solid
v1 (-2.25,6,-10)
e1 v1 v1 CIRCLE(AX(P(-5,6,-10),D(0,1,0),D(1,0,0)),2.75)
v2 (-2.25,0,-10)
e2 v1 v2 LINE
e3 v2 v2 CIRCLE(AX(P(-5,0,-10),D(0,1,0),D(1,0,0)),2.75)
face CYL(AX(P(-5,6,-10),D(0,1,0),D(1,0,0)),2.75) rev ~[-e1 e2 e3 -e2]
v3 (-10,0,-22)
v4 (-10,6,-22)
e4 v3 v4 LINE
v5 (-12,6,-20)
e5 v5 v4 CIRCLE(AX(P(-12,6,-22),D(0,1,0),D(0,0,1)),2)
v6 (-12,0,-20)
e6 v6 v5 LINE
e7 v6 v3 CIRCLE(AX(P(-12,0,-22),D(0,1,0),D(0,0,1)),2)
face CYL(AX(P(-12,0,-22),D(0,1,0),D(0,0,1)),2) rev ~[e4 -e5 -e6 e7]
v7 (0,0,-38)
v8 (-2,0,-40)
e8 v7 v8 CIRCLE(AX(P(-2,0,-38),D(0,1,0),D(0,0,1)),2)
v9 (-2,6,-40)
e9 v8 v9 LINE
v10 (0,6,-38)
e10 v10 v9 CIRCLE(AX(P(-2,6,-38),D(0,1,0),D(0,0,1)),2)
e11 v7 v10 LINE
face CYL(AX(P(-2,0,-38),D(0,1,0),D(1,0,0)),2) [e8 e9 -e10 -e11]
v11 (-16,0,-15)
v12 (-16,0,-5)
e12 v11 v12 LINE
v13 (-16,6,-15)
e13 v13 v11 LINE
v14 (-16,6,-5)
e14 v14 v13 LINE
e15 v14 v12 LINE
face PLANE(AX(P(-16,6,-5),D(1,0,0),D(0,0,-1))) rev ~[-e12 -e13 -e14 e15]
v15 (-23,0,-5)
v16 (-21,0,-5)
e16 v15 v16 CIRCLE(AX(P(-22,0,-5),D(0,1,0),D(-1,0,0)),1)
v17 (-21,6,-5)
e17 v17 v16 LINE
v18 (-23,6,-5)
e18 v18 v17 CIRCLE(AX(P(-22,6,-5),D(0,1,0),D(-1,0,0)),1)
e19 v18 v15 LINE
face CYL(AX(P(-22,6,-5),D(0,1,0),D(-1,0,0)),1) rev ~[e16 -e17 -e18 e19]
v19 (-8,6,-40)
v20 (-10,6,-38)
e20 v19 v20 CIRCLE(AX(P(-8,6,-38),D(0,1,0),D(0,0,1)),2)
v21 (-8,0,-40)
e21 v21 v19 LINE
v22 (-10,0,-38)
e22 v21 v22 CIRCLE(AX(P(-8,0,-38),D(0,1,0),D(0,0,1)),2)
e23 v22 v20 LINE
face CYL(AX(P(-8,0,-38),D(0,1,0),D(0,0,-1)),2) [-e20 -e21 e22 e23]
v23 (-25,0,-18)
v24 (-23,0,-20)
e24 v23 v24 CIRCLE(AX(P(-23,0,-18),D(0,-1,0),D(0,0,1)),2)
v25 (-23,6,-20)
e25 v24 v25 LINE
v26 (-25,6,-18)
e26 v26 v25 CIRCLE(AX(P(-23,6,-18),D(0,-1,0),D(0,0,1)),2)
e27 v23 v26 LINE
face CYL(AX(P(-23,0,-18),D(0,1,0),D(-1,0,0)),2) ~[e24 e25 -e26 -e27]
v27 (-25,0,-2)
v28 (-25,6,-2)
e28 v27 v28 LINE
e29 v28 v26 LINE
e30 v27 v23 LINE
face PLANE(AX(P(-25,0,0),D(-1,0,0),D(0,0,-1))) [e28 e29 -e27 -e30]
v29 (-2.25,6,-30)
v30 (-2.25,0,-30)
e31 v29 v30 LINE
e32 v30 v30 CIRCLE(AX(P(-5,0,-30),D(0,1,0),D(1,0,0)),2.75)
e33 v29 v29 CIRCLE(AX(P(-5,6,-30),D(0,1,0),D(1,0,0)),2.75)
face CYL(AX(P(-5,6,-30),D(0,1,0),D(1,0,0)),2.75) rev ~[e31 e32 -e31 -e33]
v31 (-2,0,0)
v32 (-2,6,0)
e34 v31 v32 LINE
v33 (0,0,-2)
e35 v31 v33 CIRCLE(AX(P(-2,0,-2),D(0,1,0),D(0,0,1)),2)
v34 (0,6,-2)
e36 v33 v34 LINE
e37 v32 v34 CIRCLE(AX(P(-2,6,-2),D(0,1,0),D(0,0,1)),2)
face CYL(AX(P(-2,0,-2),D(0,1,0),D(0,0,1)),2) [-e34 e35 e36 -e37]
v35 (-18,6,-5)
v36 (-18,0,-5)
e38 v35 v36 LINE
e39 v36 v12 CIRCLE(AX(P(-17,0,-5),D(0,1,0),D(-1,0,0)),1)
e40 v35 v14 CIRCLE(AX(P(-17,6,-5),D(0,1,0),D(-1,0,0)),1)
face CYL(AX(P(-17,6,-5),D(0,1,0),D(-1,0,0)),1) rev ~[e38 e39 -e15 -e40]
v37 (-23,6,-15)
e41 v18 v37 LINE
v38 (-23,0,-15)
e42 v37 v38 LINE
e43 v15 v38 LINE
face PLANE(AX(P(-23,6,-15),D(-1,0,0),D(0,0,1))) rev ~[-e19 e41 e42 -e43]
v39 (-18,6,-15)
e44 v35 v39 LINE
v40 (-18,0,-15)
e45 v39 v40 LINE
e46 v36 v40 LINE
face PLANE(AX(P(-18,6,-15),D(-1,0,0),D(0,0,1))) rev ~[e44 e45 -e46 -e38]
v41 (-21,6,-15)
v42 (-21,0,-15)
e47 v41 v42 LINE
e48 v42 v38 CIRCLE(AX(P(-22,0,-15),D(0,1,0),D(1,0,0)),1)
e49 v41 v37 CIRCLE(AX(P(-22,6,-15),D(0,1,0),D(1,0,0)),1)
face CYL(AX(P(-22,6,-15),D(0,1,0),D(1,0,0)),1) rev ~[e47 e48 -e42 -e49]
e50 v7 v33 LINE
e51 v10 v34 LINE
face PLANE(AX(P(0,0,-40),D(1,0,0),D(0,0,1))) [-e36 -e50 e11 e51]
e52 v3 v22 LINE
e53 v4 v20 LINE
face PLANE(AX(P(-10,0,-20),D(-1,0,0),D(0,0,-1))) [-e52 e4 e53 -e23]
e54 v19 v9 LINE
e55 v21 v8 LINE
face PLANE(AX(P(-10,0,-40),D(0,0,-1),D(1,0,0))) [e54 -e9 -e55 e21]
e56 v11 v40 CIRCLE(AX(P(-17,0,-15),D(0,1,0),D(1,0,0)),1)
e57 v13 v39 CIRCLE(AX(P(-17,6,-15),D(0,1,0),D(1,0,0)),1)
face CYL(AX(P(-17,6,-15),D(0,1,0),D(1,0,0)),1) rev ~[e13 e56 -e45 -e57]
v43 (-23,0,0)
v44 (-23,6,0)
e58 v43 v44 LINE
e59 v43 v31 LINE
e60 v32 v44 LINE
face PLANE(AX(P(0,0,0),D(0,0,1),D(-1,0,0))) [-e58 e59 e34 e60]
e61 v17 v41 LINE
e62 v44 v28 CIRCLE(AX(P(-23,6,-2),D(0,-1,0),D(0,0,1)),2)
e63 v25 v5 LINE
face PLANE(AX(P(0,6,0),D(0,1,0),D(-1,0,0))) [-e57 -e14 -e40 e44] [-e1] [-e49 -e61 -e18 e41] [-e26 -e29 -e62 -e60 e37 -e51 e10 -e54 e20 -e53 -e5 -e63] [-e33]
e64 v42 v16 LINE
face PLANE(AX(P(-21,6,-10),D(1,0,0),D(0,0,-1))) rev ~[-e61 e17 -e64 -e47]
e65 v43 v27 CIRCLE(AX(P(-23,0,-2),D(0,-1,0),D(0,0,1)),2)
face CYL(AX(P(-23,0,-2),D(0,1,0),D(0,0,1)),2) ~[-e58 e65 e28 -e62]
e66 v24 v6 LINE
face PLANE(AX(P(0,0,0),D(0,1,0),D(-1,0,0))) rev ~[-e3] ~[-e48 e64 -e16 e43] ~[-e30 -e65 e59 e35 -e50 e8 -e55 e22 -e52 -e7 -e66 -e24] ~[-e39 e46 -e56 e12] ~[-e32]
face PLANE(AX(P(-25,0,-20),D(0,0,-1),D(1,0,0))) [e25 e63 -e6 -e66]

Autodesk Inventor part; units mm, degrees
ref_plane "YZ Plane" through (0, 0, 0) normal (1, 0, 0) x (0, 1, 0)
ref_plane "XZ Plane" through (0, 0, 0) normal (0, 1, 0) x (-1, 0, 0)
ref_plane "XY Plane" through (0, 0, 0) normal (0, 0, 1) x (1, 0, 0)
sketch "Sketch1" plane through (0, 0, 0) normal (0, 1, 0) x (-1, 0, 0)
  line L0 (0, 0) -> (10, 0)
  line L1 (10, 0) -> (10, -40)
  line L2 (10, -40) -> (0, -40)
  line L3 (0, -40) -> (0, 0)
  line L4 (10, 0) -> (25, 0)
  line L5 (25, 0) -> (25, -20)
  line L6 (25, -20) -> (10, -20)
  line L7 (10, -20) -> (10, 0)
  dimension "d0" = 10
  dimension "d1" = 40
  dimension "d2" = 15
  dimension "d3" = 20
extrude "Extrusion1" add sketch "Sketch1" along normal blind 6
sketch "Sketch2" plane through (0, 6, 0) normal (0, 1, 0) x (1, 0, 0)
  circle A0 centre (-5, 10) radius 2.75
  line L0 (0, 0) -> (0, 40) projected
  line L1 (-25, 0) -> (0, 0) projected
  circle A1 centre (-5, 30) radius 2.75
  line L2 (-25, 20) -> (-25, 0) projected
  line L3 (-25, 10) -> (-22, 10)
  line L4 (-22, 10) -> (-17, 10)
  line L5 (-22, 5) -> (-22, 15) construction
  line L6 (-21, 5) -> (-21, 15)
  line L7 (-23, 15) -> (-23, 5)
  arc A2 (-23, 5) -> (-21, 5) centre (-22, 5) ccw
  arc A3 (-21, 15) -> (-23, 15) centre (-22, 15) ccw
  line L8 (-17, 5) -> (-17, 15) construction
  line L9 (-16, 5) -> (-16, 15)
  line L10 (-18, 15) -> (-18, 5)
  arc A4 (-18, 5) -> (-16, 5) centre (-17, 5) ccw
  arc A5 (-16, 15) -> (-18, 15) centre (-17, 15) ccw
  line L11 (-17, 10) -> (-7, 10) construction
  dimension "d6" = 5.5
  dimension "d7" = 5
  dimension "d8" = 10
  dimension "d9" = 5.5
  dimension "d10" = 5
  dimension "d11" = 20
  dimension "d12" = 3
  dimension "d13" = 5
  dimension "d14" = 5
  dimension "d15" = 2
  dimension "d16" = 5
  dimension "d17" = 90
  dimension "d18" = 2
extrude "Extrusion2" cut sketch "Sketch2" against normal up to next
fillet "Fillet1" radius 2 6 edges at (0, 3, 0) (-25, 3, 0) (0, 3, -40) (-10, 3, -40) (-10, 3, -20) (-25, 3, -20)
properties part number "Small_Belt_Clamp"
